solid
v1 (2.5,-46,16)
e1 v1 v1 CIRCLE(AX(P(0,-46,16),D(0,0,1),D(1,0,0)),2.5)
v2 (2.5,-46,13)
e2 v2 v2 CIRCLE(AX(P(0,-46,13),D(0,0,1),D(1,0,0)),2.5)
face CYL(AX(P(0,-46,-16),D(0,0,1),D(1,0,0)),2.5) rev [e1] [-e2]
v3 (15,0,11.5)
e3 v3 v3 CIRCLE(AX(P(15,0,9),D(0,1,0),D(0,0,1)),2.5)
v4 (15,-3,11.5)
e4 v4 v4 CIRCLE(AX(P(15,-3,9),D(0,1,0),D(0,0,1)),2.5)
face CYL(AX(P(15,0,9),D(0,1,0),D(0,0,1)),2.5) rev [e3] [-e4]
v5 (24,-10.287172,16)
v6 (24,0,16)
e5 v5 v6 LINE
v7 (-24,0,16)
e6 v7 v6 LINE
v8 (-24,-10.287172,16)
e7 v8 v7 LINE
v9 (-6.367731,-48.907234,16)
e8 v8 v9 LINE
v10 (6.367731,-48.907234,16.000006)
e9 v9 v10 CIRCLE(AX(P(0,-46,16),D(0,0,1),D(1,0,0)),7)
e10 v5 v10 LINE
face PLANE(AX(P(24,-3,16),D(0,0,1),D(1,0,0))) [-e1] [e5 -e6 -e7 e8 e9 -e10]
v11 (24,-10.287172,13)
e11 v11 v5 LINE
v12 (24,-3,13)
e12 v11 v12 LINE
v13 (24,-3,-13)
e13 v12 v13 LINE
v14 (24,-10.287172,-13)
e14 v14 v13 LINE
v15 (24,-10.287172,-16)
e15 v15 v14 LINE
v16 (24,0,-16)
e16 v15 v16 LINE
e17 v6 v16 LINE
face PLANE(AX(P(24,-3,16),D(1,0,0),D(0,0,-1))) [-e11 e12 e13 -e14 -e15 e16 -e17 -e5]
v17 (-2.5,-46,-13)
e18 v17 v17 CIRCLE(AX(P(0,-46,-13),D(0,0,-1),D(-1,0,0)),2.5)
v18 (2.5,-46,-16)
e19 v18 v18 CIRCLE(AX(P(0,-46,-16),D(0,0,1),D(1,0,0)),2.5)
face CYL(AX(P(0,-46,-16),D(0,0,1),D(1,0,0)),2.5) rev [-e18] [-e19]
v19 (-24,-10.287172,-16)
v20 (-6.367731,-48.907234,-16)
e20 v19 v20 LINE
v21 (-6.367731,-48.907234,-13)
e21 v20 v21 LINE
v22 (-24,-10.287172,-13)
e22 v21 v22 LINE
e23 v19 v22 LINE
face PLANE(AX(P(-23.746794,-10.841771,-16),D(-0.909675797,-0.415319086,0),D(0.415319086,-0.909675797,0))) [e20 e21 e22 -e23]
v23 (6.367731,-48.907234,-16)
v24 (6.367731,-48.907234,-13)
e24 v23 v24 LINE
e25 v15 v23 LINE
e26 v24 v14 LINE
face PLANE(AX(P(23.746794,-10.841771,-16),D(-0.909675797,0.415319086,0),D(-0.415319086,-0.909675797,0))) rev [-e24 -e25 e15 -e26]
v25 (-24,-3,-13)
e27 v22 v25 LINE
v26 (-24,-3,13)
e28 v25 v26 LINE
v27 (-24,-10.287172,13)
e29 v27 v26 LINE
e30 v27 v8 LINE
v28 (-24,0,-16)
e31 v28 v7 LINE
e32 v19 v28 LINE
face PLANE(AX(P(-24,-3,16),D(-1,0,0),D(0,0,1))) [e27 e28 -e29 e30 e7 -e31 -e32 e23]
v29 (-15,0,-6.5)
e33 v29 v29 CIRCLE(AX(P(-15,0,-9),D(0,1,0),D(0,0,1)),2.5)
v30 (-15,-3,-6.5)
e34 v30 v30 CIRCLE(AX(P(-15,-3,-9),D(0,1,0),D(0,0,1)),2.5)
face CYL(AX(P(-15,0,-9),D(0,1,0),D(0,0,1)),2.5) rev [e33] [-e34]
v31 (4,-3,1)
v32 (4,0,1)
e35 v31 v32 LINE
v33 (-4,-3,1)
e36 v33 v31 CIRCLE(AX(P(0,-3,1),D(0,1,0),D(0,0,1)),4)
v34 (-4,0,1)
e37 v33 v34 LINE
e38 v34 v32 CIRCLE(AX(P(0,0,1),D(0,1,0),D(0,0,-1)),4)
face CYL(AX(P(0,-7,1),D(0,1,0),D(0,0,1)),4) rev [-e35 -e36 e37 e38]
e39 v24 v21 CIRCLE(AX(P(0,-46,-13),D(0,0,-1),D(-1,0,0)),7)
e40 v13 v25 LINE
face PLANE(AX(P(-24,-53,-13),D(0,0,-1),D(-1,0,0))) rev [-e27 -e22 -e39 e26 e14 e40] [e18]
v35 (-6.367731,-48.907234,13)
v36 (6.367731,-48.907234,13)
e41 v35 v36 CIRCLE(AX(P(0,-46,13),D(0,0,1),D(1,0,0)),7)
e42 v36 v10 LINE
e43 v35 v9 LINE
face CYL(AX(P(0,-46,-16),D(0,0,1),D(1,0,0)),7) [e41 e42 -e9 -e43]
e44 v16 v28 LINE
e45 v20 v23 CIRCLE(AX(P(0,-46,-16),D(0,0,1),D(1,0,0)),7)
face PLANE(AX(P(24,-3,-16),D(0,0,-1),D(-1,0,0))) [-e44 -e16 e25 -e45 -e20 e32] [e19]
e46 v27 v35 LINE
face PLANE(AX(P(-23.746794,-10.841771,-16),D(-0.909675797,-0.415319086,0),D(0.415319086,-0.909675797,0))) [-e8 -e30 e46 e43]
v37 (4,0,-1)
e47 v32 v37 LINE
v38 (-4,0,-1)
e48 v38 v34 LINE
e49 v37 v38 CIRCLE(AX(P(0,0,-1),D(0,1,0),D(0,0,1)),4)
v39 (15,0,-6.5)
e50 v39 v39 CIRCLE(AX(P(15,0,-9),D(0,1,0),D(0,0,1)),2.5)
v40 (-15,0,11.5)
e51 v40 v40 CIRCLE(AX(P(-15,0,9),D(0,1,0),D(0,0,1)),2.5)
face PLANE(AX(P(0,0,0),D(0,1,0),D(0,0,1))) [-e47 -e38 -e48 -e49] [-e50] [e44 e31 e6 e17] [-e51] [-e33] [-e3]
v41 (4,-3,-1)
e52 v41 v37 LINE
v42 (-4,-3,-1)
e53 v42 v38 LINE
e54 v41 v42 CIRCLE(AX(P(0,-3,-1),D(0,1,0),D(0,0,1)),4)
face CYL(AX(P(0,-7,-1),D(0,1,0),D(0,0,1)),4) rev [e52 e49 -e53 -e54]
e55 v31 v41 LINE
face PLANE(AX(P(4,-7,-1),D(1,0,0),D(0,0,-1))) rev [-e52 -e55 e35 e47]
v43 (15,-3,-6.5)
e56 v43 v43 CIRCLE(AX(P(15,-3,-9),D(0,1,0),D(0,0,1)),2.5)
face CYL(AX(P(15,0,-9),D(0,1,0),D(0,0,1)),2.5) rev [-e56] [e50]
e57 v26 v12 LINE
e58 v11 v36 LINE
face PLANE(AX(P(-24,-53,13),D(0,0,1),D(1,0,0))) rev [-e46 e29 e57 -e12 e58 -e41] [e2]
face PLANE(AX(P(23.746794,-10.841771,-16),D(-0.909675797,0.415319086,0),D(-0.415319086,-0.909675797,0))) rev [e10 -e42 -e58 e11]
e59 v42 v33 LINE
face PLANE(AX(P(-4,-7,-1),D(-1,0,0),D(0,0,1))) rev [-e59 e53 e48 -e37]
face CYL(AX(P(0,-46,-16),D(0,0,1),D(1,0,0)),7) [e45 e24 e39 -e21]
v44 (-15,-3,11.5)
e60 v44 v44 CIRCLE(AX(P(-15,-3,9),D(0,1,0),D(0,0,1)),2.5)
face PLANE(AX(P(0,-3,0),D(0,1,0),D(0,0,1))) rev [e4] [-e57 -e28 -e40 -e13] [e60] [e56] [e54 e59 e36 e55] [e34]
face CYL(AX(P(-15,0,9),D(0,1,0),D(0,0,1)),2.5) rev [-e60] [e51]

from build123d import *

# Parameters (mm, degrees)
SKETCH1_W                = 48
SKETCH1_H                = 32
BOSS_EXTRUDE1_DEPTH      = 3
SKETCH2_W                = 48
SKETCH2_H                = 3
BOSS_EXTRUDE2_DEPTH      = 50
CUT_EXTRUDE1_DEPTH       = 67.400301204
CUT_EXTRUDE1_DEPTH_BACK  = 67.400301204
SKETCH3_R                = 2.5
F_5_0_5_DIAMETER_HOLE1_D = 5
KES_EKSTR_ZYON1_DEPTH    = 7


with BuildPart() as part:
    # Sketch1 → Boss-Extrude1 (new body)
    with BuildSketch(Plane(origin=(0, 0, 0), x_dir=(1, 0, 0), z_dir=(0, 1, 0))):
        Rectangle(SKETCH1_W, SKETCH1_H)
    extrude(amount=-BOSS_EXTRUDE1_DEPTH)

    # Sketch2 → Boss-Extrude2 (add)
    with BuildSketch(Plane.XZ.offset(3)):
        with Locations((0, 14.5)):
            Rectangle(SKETCH2_W, SKETCH2_H)
        with Locations((0, -14.5)):
            Rectangle(SKETCH2_W, SKETCH2_H)
    extrude(amount=BOSS_EXTRUDE2_DEPTH)

    # Sketch3 → Cut-Extrude1 (cut, two sides: drawn at the far end of the back side and taken through both)
    with BuildSketch(Plane.XY.offset(16).offset(-CUT_EXTRUDE1_DEPTH_BACK)):
        with BuildLine():
            Line((24, -53), (24, -10.287171893))
            Line((24, -10.287171893), (6.367730582, -48.907233604))
            ThreePointArc((6.367730582, -48.907233604), (3.784796178, -51.8885752), (-8.6e-08, -53))
            Line((-8.6e-08, -53), (24, -53))
        make_face()
        with BuildLine():
            Line((-24, -53), (-8.6e-08, -53))
            ThreePointArc((-8.6e-08, -53), (-3.784796251, -51.888575154), (-6.367730582, -48.907233604))
            Line((-6.367730582, -48.907233604), (-24, -10.287171893))
            Line((-24, -10.287171893), (-24, -53))
        make_face()
        with Locations((0, -46)):
            Circle(SKETCH3_R)
    extrude(amount=CUT_EXTRUDE1_DEPTH + CUT_EXTRUDE1_DEPTH_BACK, mode=Mode.SUBTRACT)

    # Ø5.0 (5) Diameter Hole1 (through all)
    with Locations(Plane(origin=(0, 0, 0), x_dir=(1, 0, 0), z_dir=(0, 1, 0))):
        with Locations((-15, -9), (-15, 9), (15, 9), (15, -9)):
            Hole(F_5_0_5_DIAMETER_HOLE1_D / 2)

    # Çizim1 → Kes-Ekstrüzyon1 (cut)
    with BuildSketch(Plane(origin=(0, 0, 0), x_dir=(1, 0, 0), z_dir=(0, 1, 0))):
        with BuildLine():
            Line((-4, 1), (-4, -1))
            ThreePointArc((-4, -1), (0, -5), (4, -1))
            Line((4, -1), (4, 1))
            ThreePointArc((4, 1), (0, 5), (-4, 1))
        make_face()
    extrude(amount=-KES_EKSTR_ZYON1_DEPTH, mode=Mode.SUBTRACT)


solid = part.part
